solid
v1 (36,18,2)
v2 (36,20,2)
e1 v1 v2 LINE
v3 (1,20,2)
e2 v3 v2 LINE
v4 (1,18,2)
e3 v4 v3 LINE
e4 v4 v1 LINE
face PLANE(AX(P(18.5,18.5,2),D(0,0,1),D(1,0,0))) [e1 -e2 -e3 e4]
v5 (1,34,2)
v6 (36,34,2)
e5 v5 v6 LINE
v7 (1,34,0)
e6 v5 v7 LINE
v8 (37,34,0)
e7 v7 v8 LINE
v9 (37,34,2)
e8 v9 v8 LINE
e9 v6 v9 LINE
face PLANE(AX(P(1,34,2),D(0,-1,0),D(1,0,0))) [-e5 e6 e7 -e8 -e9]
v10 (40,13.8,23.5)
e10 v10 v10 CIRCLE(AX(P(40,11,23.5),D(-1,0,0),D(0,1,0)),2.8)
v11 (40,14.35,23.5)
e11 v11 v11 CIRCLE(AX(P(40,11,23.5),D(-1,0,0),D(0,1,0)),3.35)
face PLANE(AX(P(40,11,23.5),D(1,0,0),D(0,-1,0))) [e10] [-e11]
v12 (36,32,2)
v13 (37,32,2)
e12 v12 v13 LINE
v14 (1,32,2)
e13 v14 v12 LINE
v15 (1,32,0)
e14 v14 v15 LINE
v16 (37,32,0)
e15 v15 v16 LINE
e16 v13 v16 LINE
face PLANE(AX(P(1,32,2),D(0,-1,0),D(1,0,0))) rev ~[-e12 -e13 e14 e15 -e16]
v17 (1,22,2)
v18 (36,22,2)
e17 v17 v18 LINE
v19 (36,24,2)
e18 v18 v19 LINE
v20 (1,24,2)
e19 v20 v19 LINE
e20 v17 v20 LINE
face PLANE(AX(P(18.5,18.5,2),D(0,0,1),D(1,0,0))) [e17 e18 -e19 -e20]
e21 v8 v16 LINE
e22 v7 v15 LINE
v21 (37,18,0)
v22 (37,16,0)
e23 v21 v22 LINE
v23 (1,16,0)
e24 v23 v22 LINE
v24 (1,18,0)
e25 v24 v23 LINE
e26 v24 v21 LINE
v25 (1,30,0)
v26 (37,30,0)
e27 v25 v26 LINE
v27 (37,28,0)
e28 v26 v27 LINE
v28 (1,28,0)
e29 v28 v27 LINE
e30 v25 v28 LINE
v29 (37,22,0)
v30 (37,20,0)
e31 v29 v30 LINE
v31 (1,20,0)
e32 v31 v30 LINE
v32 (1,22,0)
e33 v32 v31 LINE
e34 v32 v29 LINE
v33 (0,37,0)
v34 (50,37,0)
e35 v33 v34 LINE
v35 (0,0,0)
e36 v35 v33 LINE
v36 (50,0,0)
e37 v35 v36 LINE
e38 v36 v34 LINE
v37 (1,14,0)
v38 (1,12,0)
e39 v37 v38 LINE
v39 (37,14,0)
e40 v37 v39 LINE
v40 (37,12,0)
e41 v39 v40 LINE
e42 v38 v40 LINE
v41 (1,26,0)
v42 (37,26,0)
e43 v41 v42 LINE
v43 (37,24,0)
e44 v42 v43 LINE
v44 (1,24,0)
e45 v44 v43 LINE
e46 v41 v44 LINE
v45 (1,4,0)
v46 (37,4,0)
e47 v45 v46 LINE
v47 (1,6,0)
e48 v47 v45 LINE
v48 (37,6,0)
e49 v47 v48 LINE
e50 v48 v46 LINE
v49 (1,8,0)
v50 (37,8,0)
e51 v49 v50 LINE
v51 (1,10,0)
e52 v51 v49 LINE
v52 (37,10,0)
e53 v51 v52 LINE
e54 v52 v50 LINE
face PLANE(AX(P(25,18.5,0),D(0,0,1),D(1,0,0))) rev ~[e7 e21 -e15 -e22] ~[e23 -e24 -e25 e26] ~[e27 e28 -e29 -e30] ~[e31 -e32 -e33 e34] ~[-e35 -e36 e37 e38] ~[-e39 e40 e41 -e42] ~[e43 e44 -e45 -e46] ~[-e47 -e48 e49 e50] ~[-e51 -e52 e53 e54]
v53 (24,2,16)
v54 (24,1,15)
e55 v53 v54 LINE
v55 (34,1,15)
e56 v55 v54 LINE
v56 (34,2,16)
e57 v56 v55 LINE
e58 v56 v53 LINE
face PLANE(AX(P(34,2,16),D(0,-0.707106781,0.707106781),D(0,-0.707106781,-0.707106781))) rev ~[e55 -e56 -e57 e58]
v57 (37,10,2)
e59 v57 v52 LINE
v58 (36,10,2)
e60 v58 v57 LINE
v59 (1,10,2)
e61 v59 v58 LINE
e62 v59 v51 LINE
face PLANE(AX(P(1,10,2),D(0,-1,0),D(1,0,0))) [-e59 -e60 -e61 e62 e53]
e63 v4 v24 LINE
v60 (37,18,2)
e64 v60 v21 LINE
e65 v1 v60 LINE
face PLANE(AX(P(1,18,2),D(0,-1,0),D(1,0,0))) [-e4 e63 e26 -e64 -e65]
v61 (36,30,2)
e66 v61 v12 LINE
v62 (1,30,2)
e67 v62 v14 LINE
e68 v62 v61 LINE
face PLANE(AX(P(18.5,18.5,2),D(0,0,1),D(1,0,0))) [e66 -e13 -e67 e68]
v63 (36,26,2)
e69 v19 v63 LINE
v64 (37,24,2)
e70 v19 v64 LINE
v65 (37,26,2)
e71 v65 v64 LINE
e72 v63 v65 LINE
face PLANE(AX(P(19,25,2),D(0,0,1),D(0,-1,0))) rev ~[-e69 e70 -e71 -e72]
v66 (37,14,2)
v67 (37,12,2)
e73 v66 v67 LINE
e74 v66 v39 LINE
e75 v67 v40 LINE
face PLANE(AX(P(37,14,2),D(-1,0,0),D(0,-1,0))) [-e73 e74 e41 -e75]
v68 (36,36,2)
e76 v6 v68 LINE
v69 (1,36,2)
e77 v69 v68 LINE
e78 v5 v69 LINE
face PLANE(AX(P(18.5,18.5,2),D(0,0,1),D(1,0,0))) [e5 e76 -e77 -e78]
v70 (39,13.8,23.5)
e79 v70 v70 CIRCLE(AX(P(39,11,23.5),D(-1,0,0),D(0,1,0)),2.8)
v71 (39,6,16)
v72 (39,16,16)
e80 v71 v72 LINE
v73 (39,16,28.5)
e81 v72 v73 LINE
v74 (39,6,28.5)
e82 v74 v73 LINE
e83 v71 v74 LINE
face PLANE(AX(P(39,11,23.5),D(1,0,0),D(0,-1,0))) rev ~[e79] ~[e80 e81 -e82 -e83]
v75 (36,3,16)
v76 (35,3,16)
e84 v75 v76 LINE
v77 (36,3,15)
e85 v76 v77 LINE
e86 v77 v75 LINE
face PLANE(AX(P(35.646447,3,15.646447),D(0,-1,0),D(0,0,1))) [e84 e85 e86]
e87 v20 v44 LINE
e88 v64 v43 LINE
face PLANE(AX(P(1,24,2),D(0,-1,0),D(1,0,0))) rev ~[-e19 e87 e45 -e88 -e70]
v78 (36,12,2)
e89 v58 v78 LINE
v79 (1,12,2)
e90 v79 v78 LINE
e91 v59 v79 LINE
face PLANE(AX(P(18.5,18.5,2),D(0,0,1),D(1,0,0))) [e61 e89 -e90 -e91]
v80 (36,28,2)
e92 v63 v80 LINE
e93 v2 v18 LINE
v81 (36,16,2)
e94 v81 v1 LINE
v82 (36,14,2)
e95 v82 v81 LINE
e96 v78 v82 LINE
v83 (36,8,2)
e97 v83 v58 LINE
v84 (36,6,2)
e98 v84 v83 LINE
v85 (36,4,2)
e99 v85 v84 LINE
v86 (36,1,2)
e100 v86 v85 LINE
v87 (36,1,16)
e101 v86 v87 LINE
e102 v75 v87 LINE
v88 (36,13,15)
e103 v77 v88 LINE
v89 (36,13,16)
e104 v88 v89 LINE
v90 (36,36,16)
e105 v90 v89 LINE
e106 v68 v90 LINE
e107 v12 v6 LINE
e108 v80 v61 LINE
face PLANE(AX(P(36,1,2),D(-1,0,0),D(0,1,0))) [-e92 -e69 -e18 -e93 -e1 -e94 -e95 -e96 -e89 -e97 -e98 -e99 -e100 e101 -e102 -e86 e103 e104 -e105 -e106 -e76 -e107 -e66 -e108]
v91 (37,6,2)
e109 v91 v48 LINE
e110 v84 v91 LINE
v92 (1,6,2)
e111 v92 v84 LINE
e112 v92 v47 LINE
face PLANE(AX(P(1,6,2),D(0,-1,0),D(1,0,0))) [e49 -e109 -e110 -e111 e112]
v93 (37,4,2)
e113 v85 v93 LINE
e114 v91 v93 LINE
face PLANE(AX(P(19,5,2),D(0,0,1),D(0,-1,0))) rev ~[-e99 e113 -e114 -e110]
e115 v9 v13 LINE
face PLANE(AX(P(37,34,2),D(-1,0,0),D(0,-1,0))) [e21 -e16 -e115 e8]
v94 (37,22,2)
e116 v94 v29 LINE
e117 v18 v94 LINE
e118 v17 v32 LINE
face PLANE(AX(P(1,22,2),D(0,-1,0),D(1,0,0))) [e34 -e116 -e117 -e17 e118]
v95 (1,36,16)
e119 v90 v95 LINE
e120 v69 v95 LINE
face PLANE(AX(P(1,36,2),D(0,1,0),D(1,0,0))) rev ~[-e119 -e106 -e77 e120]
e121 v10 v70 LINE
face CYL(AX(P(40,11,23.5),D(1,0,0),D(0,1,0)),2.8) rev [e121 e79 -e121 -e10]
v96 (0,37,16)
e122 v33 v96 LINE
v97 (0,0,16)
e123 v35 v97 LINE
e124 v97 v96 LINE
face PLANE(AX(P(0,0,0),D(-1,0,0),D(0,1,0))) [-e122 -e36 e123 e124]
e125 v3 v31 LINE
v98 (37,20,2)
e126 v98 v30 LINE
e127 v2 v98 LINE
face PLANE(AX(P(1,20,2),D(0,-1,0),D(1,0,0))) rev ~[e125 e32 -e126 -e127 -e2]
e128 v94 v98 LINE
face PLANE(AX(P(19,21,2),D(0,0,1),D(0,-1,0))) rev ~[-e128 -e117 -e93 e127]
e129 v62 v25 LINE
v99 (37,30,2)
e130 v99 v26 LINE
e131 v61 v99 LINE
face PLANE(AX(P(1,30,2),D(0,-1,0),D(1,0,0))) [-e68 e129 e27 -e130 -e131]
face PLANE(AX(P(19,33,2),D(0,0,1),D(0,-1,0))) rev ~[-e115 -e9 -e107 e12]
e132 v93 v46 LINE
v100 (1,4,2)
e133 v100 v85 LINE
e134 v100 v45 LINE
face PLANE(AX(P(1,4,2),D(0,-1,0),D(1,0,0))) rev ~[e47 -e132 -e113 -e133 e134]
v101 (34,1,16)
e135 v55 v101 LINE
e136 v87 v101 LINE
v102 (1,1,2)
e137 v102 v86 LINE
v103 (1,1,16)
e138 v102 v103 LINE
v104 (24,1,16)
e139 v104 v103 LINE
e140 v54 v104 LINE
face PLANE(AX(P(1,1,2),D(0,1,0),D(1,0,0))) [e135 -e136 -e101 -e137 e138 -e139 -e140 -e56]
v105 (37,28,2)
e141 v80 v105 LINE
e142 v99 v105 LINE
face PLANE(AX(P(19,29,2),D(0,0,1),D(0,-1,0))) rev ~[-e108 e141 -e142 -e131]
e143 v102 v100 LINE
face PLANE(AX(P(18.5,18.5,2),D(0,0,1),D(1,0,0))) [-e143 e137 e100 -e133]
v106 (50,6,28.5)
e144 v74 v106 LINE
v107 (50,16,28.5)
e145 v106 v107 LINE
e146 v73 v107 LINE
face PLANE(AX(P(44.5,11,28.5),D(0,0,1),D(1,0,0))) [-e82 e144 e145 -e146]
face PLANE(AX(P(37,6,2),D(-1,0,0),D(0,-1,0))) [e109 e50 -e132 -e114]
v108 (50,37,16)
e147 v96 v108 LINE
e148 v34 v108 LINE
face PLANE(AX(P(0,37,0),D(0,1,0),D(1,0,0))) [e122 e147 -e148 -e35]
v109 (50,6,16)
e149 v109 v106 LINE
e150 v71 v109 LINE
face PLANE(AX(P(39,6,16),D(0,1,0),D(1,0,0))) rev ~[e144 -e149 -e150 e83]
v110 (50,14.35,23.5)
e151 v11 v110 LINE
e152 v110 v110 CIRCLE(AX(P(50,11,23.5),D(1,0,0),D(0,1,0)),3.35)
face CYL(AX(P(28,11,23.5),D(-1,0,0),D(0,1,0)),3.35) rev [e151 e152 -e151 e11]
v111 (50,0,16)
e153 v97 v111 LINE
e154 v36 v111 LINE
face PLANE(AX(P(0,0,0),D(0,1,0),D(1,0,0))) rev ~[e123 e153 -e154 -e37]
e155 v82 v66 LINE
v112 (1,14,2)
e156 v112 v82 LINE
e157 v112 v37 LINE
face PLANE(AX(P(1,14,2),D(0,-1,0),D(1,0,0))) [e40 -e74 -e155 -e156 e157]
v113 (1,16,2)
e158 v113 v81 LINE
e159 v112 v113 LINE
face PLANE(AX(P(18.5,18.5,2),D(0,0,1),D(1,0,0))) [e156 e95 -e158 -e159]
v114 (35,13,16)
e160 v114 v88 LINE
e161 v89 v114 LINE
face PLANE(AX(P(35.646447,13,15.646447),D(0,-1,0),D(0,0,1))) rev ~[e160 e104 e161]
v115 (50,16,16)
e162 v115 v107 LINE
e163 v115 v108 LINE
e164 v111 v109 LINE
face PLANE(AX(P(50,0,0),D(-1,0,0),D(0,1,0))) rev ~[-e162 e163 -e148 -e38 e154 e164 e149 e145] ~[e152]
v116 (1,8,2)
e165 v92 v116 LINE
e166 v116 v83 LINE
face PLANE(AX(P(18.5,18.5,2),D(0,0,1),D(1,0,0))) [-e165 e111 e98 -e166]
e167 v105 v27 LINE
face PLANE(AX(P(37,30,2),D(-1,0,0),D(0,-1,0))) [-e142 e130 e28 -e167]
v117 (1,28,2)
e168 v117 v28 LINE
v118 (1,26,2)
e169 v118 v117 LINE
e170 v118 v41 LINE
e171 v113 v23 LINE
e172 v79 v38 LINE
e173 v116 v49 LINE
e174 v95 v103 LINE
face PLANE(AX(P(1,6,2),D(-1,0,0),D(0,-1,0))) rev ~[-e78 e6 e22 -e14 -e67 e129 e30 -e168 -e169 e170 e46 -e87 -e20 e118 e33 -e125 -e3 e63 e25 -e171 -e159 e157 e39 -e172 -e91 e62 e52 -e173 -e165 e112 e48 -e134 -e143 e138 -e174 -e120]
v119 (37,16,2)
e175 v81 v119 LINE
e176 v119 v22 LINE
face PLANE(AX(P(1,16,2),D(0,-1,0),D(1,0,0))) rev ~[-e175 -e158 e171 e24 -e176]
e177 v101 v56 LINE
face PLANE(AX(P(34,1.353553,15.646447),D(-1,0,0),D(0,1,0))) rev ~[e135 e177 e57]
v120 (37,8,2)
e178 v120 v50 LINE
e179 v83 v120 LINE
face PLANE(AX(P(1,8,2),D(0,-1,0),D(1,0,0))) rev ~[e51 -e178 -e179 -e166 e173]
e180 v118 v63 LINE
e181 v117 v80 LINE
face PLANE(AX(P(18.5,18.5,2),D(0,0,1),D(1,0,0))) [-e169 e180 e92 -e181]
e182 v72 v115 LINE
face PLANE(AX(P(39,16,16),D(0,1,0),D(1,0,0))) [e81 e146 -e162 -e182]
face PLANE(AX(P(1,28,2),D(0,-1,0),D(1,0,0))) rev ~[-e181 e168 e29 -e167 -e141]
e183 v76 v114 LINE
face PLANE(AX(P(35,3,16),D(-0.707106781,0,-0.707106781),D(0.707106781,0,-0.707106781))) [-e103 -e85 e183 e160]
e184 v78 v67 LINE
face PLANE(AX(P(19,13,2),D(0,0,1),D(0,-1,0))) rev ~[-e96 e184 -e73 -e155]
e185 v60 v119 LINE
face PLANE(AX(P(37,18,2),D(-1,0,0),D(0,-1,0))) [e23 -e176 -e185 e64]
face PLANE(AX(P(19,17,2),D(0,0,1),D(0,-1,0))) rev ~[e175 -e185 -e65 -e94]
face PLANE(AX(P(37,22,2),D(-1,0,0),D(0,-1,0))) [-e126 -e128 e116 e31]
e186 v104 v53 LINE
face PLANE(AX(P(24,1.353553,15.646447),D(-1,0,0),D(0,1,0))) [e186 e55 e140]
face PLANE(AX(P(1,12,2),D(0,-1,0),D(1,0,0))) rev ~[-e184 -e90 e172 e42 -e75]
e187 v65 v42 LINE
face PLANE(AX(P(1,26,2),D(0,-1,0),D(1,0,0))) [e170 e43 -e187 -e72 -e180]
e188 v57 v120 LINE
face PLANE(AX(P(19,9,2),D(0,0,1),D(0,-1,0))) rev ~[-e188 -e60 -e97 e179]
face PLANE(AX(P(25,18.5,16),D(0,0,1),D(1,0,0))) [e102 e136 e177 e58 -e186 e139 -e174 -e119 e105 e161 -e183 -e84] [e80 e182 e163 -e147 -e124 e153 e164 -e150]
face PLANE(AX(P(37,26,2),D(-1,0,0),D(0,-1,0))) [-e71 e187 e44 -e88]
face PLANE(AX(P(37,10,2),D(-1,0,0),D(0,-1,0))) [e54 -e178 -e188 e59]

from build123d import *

# Parameters (mm, degrees)
BOX_W             = 50
BOX_H             = 37
BOX_DEPTH         = 16
BOX001_W          = 35
BOX001_H          = 35
BOX001_DEPTH      = 20
BOX002_W          = 11
BOX002_H          = 10
BOX002_DEPTH      = 12.5
CYLINDER_R        = 3.35
CYLINDER_DEPTH    = 22
SKETCH_W          = 2
SKETCH_H          = 36
POCKET_DEPTH      = 5
CYLINDER001_R     = 3.35
CYLINDER001_DEPTH = 1
CYLINDER002_R     = 2.8
CYLINDER002_DEPTH = 1
PAD_DEPTH         = 10
PAD001_DEPTH      = 10


with BuildPart() as part:
    # Box → Box (join)
    with BuildSketch(Plane.XY):
        with Locations((25, 18.5)):
            Rectangle(BOX_W, BOX_H)
    extrude(amount=BOX_DEPTH)

    # Box001 → Box001 (cut)
    with BuildSketch(Plane(origin=(1, 1, 2), x_dir=(1, 0, 0), z_dir=(0, 0, 1))):
        with Locations((17.5, 17.5)):
            Rectangle(BOX001_W, BOX001_H)
    extrude(amount=BOX001_DEPTH, mode=Mode.SUBTRACT)

    # Box002 → Box002 (join)
    with BuildSketch(Plane(origin=(39, 6, 16), x_dir=(1, 0, 0), z_dir=(0, 0, 1))):
        with Locations((5.5, 5)):
            Rectangle(BOX002_W, BOX002_H)
    extrude(amount=BOX002_DEPTH)

    # Cylinder → Cylinder (cut)
    with BuildSketch(Plane(origin=(28, 11, 23.5), x_dir=(0, 1, 0), z_dir=(1, 0, 0))):
        Circle(CYLINDER_R)
    extrude(amount=CYLINDER_DEPTH, mode=Mode.SUBTRACT)

    # Sketch (on Sketch) → Pocket (cut)
    with BuildSketch(Plane(origin=(38, 13.1, 2), x_dir=(0, -1, 0), z_dir=(0, 0, 1))):
        with Locations((-19.9, -19)):
            Rectangle(SKETCH_W, SKETCH_H)
        with Locations((-15.9, -19)):
            Rectangle(SKETCH_W, SKETCH_H)
        with Locations((-11.9, -19)):
            Rectangle(SKETCH_W, SKETCH_H)
        with Locations((-7.9, -19)):
            Rectangle(SKETCH_W, SKETCH_H)
        with Locations((-3.9, -19)):
            Rectangle(SKETCH_W, SKETCH_H)
        with Locations((0.1, -19)):
            Rectangle(SKETCH_W, SKETCH_H)
        with Locations((4.1, -19)):
            Rectangle(SKETCH_W, SKETCH_H)
        with Locations((8.1, -19)):
            Rectangle(SKETCH_W, SKETCH_H)
    extrude(amount=-POCKET_DEPTH, mode=Mode.SUBTRACT)

    # Cylinder001 → Cylinder001 (join)
    with BuildSketch(Plane(origin=(39, 11, 23.5), x_dir=(0, -1, 0), z_dir=(1, 0, 0))):
        Circle(CYLINDER001_R)
    extrude(amount=CYLINDER001_DEPTH)

    # Cylinder002 → Cylinder002 (cut)
    with BuildSketch(Plane(origin=(40, 11, 23.5), x_dir=(0, 1, 0), z_dir=(-1, 0, 0))):
        Circle(CYLINDER002_R)
    extrude(amount=CYLINDER002_DEPTH, mode=Mode.SUBTRACT)

    # Sketch002 (on Face11 of Cylinder002) → Pad (join)
    with BuildSketch(Plane(origin=(34, 11, 23.5), x_dir=(0, 1, 0), z_dir=(-1, 0, 0))):
        Polygon((-10, 7.5), (-9, 7.5), (-10, 8.5), align=None)
    extrude(amount=PAD_DEPTH)

    # Sketch003 (on Face10 of Pad) → Pad001 (join)
    with BuildSketch(Plane(origin=(40, 3, 23.5), x_dir=(0, 0, -1), z_dir=(0, 1, 0))):
        Polygon((7.5, 4), (7.5, 5), (8.5, 4), align=None)
    extrude(amount=PAD001_DEPTH)


solid = part.part
